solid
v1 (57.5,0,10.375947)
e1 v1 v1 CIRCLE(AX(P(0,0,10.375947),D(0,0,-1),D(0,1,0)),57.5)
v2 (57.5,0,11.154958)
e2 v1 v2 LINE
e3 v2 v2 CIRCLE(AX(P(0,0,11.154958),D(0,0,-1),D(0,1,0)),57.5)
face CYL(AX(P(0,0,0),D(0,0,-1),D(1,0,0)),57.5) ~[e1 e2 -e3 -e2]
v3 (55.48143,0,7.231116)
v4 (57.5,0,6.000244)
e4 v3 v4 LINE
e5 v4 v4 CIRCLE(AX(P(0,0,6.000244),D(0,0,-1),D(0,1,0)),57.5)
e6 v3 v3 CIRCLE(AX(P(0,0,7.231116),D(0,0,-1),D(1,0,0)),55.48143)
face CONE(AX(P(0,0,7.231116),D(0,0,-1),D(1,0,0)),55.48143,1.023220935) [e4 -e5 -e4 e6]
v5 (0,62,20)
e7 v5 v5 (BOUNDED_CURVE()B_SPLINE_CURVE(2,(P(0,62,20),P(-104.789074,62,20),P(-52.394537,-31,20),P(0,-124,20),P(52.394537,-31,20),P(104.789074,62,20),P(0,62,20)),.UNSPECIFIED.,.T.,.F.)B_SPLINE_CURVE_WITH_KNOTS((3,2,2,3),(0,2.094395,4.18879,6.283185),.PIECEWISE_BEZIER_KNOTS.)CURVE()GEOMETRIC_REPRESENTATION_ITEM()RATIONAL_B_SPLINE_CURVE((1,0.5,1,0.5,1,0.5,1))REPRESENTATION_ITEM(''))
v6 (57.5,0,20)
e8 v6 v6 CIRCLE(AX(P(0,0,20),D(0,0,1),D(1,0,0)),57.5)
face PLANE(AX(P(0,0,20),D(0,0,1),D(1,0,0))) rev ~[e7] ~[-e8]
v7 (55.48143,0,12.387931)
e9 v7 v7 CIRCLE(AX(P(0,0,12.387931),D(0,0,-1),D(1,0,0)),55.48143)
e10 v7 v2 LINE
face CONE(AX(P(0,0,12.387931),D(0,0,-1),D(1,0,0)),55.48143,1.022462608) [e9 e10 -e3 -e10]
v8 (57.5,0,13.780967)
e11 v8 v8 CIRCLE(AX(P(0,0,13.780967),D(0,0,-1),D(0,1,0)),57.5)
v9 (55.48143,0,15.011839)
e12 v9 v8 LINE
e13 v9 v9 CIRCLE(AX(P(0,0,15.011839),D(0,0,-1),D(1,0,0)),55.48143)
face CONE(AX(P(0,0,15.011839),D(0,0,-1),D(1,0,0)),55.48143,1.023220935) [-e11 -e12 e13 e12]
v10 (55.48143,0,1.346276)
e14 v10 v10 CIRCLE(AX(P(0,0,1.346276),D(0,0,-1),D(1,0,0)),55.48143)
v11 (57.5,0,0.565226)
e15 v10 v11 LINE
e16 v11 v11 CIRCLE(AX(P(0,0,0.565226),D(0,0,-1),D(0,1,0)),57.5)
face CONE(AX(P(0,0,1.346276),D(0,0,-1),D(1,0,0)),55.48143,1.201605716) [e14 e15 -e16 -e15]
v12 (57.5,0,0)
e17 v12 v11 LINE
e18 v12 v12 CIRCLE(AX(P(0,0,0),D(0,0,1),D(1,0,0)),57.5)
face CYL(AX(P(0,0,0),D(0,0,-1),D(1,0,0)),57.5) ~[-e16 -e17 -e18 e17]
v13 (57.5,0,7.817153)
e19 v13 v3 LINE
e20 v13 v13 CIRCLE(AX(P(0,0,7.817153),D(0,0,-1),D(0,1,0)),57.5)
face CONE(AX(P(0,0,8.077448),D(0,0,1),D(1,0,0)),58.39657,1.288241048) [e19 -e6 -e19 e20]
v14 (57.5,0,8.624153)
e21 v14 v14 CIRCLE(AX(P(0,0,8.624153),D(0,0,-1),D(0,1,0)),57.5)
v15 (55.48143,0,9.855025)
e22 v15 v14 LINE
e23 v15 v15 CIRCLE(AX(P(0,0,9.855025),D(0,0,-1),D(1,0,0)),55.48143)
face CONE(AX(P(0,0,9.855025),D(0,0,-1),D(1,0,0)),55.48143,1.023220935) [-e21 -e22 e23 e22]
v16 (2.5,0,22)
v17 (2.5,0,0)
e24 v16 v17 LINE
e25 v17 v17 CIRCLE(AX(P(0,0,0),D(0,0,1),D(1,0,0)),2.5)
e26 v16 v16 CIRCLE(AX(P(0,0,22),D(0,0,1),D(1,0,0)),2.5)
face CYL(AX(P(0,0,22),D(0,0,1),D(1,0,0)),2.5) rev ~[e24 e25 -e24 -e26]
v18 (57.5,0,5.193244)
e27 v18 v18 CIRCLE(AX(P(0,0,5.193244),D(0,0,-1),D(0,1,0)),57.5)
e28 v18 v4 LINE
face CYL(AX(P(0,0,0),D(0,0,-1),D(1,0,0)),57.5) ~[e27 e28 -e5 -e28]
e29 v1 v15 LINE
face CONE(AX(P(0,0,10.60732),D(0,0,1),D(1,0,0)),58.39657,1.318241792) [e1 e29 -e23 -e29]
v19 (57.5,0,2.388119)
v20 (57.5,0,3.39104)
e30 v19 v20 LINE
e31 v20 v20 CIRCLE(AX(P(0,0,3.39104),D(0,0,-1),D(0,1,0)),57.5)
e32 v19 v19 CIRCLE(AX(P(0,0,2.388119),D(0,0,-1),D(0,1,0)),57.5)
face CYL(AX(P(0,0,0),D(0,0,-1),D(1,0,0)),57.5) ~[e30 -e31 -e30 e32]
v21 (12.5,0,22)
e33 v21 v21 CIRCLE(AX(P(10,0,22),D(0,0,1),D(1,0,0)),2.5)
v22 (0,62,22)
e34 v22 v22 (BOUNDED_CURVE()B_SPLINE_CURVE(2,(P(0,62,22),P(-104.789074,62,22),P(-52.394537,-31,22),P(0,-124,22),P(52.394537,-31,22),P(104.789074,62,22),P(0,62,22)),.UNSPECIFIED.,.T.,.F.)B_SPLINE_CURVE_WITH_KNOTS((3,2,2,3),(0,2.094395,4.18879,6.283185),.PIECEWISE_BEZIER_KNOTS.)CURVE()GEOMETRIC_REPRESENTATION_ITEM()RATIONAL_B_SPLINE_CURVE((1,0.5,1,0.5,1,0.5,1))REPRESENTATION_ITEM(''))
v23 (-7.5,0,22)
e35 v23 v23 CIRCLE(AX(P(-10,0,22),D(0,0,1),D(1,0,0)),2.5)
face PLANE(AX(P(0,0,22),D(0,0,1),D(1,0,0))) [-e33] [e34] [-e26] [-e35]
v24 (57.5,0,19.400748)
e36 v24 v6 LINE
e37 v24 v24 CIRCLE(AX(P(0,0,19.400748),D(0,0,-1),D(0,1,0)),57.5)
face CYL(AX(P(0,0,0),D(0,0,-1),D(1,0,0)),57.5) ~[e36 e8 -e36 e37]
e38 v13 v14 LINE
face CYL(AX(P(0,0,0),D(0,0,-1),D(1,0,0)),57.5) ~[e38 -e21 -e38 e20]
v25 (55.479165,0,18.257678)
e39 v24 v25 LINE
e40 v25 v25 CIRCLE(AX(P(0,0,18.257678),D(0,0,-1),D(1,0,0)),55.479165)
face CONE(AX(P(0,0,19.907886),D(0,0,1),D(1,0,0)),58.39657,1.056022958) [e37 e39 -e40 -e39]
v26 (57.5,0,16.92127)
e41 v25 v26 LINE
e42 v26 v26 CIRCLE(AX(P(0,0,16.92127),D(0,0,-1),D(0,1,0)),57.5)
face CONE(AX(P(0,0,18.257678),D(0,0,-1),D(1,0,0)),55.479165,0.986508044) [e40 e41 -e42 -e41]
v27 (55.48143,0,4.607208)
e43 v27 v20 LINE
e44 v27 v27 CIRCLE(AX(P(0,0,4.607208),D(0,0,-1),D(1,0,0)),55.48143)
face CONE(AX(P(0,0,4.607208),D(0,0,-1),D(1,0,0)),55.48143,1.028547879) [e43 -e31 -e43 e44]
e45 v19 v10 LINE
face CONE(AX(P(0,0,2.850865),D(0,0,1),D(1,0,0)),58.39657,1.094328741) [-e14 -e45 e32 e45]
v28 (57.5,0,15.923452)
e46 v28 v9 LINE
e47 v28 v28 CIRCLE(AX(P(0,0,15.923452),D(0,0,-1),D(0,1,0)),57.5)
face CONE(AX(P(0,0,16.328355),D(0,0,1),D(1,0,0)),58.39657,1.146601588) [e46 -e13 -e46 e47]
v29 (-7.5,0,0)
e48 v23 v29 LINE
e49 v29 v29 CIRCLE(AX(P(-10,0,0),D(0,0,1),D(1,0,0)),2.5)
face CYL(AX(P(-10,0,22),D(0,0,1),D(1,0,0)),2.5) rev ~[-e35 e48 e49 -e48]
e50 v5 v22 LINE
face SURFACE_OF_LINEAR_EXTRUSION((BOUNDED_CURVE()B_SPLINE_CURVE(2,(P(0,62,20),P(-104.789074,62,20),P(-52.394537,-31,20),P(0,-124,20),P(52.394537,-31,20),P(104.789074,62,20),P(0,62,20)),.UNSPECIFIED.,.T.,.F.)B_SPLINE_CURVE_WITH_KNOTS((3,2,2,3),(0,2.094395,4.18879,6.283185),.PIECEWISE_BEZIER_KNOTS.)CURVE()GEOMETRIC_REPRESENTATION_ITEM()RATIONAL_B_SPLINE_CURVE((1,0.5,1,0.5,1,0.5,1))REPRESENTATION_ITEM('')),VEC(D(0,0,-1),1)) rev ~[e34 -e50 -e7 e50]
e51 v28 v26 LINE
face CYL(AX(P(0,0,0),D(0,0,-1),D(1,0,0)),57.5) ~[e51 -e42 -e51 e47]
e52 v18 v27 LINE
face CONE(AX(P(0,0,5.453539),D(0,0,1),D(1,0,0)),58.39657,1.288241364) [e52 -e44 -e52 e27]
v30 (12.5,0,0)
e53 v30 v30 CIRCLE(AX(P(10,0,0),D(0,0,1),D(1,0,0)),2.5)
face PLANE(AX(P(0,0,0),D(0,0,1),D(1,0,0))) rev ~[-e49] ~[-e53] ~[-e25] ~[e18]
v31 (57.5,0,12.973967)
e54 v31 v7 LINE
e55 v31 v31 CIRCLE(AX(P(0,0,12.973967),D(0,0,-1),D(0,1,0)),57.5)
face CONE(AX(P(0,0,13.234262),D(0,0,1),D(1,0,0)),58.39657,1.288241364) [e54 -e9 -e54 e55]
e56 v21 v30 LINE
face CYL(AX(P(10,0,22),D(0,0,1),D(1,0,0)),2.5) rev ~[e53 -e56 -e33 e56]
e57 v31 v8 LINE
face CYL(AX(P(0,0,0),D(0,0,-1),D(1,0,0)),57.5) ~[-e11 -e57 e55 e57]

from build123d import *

# Parameters (mm, degrees)
F0_R     = 57.5
F1_DEPTH = 20
F3_DEPTH = 2
F4_R     = 2.5
F5_DEPTH = 22.001


with BuildPart() as f1:
    # F0 (on Top) → F1 (new body)
    with BuildSketch(Plane.XY):
        Circle(F0_R)
    extrude(amount=F1_DEPTH)

    # F2 (on face) → F3 (join)
    with BuildSketch(Plane.XY.offset(20)):
        with BuildLine():
            add(Edge.make_bspline(
                [(0, 62), (-104.789074, 62), (-52.394537, -31), (0, -124), (52.394537, -31), (104.789074, 62), (0, 62)],
                knots=[0, 0, 0, 2.094395, 2.094395, 4.18879, 4.18879, 6.283185, 6.283185, 6.283185], degree=2, weights=[1, 0.5, 1, 0.5, 1, 0.5, 1]))
        make_face()
    extrude(amount=F3_DEPTH)

    # F4 (on face) → F5 (cut, through all)
    with BuildSketch(Plane.XY.offset(22)):
        Circle(F4_R)
        with Locations((10, 0)):
            Circle(F4_R)
        with Locations((-10, 0)):
            Circle(F4_R)
    extrude(amount=-F5_DEPTH, mode=Mode.SUBTRACT)

    # F6 (on Front) → F7 (revolve, cut)
    with BuildSketch(Plane.XZ):
        Polygon((68.928674, 19.907886), (58.39657, 19.907886), (55.479165, 18.257678), (58.39657, 16.328355), (55.48143, 15.011839), (58.39657, 13.234262), (55.48143, 12.387931), (58.39657, 10.60732), (55.48143, 9.855025), (58.39657, 8.077448), (55.48143, 7.231116), (58.39657, 5.453539), (55.48143, 4.607208), (58.39657, 2.850865), (55.48143, 1.346276), (58.960788, 0), (68.928674, 0), align=None)
    revolve(axis=Axis((0, 0, 8.684125), (0, 0, -1)), mode=Mode.SUBTRACT)


solid = f1.part
